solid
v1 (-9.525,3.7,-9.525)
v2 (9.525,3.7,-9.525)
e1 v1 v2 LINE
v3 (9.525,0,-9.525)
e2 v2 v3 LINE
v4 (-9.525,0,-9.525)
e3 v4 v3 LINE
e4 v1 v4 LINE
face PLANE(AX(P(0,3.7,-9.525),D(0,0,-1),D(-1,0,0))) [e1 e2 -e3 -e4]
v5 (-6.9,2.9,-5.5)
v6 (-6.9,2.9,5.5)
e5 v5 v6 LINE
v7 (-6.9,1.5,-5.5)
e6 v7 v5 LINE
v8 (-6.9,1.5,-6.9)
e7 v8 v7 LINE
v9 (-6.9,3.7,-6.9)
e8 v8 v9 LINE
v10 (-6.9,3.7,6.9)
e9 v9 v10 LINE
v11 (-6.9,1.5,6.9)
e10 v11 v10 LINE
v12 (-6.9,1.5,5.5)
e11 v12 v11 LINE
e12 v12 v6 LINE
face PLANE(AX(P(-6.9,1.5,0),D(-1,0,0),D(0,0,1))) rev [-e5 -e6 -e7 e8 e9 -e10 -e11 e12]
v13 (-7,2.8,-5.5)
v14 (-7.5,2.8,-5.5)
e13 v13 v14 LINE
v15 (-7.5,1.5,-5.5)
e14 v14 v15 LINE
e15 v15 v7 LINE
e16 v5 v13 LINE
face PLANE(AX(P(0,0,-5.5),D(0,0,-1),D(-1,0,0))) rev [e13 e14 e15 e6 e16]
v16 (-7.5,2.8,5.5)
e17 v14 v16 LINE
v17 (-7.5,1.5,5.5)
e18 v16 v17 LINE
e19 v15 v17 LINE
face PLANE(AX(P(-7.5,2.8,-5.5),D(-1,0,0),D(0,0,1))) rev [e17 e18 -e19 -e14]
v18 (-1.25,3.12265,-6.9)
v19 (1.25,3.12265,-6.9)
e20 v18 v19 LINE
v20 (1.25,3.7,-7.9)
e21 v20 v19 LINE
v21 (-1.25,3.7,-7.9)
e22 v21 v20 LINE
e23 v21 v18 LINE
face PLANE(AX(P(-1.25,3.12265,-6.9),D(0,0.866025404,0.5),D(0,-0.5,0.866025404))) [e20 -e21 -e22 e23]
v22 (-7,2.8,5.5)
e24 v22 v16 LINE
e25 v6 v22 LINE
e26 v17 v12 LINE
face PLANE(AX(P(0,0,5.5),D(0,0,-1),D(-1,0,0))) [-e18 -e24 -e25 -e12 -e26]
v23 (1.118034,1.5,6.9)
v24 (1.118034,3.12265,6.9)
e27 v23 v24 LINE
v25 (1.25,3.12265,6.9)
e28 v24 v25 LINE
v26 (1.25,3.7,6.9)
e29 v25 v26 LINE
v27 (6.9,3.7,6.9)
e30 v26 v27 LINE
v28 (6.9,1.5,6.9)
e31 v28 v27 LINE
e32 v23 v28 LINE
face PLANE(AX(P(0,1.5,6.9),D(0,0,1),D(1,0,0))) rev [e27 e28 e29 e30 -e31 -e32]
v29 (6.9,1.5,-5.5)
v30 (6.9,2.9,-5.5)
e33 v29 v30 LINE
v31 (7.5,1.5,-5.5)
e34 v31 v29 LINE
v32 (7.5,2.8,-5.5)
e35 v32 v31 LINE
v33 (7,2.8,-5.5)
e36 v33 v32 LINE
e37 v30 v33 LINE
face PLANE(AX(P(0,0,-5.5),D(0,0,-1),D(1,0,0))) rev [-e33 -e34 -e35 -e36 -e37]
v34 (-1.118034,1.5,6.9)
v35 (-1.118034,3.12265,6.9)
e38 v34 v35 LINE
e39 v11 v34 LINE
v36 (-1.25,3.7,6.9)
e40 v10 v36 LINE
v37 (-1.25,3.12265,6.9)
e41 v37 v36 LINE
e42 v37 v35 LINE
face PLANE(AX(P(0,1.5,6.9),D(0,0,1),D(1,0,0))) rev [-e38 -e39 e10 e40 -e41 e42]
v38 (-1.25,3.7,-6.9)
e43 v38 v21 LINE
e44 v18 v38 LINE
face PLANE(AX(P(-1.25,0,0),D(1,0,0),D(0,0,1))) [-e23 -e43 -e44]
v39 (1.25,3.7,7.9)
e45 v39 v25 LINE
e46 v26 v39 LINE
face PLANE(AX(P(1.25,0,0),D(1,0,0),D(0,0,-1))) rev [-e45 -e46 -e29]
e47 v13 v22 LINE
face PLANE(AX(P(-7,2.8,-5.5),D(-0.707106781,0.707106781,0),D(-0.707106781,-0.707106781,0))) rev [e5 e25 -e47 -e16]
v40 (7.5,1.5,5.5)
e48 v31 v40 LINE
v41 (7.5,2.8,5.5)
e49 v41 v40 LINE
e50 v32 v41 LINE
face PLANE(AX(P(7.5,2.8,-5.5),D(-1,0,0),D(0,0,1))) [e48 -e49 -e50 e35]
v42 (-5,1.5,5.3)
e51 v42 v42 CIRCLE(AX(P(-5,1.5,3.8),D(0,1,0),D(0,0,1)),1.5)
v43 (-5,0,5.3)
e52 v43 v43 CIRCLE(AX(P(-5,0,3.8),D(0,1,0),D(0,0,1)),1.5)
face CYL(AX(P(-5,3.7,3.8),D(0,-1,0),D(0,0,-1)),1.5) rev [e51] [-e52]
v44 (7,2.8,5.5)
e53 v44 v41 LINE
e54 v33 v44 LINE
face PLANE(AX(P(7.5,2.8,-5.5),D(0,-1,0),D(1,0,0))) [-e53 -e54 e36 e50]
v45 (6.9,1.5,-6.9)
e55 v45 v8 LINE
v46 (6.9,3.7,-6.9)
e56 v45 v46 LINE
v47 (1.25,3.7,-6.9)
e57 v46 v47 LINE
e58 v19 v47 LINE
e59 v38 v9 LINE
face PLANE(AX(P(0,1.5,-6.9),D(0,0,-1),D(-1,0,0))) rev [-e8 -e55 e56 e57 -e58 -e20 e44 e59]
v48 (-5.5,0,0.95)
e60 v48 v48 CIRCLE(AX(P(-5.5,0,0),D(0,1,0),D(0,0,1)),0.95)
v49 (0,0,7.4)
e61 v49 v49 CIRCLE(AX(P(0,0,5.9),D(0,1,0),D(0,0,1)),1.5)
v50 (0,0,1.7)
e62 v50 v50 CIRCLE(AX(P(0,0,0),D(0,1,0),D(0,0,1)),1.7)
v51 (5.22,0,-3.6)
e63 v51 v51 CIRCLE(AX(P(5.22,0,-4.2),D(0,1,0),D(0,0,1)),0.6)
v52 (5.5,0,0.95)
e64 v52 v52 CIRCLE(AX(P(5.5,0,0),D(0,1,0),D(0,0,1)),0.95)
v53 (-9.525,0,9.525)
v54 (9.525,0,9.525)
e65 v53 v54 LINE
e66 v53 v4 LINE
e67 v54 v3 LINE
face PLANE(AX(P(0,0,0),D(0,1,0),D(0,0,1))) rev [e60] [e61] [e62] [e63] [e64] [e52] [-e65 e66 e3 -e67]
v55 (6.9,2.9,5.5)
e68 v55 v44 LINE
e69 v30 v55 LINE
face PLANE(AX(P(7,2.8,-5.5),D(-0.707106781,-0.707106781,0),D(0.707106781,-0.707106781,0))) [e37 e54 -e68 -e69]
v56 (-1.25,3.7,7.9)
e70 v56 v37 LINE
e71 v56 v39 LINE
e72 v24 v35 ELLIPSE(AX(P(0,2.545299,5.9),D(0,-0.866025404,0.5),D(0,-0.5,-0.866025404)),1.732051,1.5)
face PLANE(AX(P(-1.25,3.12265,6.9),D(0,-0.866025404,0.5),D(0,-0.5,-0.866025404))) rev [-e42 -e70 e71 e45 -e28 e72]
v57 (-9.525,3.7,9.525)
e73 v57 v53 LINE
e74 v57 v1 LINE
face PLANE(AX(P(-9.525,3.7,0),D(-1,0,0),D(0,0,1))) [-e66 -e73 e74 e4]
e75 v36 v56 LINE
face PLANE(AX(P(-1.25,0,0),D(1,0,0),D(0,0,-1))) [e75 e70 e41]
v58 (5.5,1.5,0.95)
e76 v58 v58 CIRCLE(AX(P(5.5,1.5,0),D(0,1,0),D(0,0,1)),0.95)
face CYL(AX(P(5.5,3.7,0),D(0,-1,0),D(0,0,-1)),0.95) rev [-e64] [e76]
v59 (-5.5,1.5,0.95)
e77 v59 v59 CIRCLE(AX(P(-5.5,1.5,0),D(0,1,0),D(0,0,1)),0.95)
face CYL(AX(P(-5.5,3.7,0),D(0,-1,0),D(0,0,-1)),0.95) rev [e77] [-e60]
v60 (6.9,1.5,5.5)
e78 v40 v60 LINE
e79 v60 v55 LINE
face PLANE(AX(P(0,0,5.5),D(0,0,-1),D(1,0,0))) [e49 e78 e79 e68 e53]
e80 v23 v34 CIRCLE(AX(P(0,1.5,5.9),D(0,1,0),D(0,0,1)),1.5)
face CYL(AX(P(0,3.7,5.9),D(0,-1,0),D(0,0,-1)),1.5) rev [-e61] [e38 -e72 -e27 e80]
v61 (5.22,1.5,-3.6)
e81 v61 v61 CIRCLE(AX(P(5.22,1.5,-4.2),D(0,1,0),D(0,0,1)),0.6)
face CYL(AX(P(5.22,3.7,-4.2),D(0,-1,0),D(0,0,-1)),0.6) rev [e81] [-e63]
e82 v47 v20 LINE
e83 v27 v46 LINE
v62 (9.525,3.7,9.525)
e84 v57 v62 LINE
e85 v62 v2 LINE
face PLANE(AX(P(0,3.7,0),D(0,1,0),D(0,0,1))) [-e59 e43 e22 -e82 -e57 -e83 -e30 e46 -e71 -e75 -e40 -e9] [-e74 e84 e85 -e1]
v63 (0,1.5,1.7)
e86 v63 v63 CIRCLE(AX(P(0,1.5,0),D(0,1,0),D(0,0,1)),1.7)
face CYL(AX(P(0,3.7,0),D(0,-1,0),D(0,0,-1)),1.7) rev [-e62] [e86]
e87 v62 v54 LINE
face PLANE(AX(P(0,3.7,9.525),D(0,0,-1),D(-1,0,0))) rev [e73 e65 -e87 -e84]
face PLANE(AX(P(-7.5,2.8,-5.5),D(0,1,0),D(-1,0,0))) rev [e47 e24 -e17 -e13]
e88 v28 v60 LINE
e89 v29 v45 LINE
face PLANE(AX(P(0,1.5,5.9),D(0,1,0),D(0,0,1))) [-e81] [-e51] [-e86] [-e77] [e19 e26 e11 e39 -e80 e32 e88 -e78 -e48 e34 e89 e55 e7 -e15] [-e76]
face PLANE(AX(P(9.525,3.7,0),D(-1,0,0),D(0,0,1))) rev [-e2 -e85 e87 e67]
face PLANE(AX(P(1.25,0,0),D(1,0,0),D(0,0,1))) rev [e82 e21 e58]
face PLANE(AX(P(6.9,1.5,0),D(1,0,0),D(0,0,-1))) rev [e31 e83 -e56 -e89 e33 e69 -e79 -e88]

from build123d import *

# Parameters (mm, degrees)
SKETCH1_W           = 19.05
SKETCH1_H           = 19.05
SKETCH1_R           = 1.5
SKETCH1_R_2         = 0.95
SKETCH1_R_3         = 1.7
SKETCH1_R_4         = 0.6
BOSS_EXTRUDE1_DEPTH = 3.7
CUT_EXTRUDE1_START  = 3.7
SKETCH1_3_R         = 1.5
SKETCH1_3_R_2       = 0.95
SKETCH1_3_R_3       = 1.7
SKETCH1_3_R_4       = 0.6
CUT_EXTRUDE1_DEPTH  = 2.2
CUT_EXTRUDE2_DEPTH  = 1.25
CUT_EXTRUDE3_DEPTH  = 5.5


with BuildPart() as part:
    # Sketch1 → Boss-Extrude1 (new body)
    with BuildSketch(Plane(origin=(0, 0, 0), x_dir=(1, 0, 0), z_dir=(0, 1, 0))):
        Rectangle(SKETCH1_W, SKETCH1_H)
        with BuildLine():
            Line((-6.9, -6.9), (-6.9, 6.9))
            Line((-6.9, 6.9), (6.9, 6.9))
            Line((6.9, 6.9), (6.9, -6.9))
            Line((6.9, -6.9), (1.118033989, -6.9))
            ThreePointArc((1.118033989, -6.9), (0, -7.4), (-1.118033989, -6.9))
            Line((-1.118033989, -6.9), (-6.9, -6.9))
        make_face(mode=Mode.SUBTRACT)
        with BuildLine():
            Line((6.9, 6.9), (-6.9, 6.9))
            Line((-6.9, 6.9), (-6.9, -6.9))
            Line((-6.9, -6.9), (-1.118033989, -6.9))
            ThreePointArc((-1.118033989, -6.9), (-0.535233135, -4.498741462), (1.5, -5.9))
            ThreePointArc((1.5, -5.9), (1.401258538, -6.435233135), (1.118033989, -6.9))
            Line((1.118033989, -6.9), (6.9, -6.9))
            Line((6.9, -6.9), (6.9, 6.9))
        make_face()
        with Locations((-5, -3.8)):
            Circle(SKETCH1_R, mode=Mode.SUBTRACT)
        with Locations((5.5, 0)):
            Circle(SKETCH1_R_2, mode=Mode.SUBTRACT)
        with Locations((-5.5, 0)):
            Circle(SKETCH1_R_2, mode=Mode.SUBTRACT)
        Circle(SKETCH1_R_3, mode=Mode.SUBTRACT)
        with Locations((5.22, 4.2)):
            Circle(SKETCH1_R_4, mode=Mode.SUBTRACT)
    extrude(amount=BOSS_EXTRUDE1_DEPTH)

    # Sketch1<3> → Cut-Extrude1 (cut)
    with BuildSketch(Plane(origin=(0, 0, 0), x_dir=(1, 0, 0), z_dir=(0, 1, 0)).offset(CUT_EXTRUDE1_START)):
        with BuildLine():
            Line((6.9, 6.9), (-6.9, 6.9))
            Line((-6.9, 6.9), (-6.9, -6.9))
            Line((-6.9, -6.9), (-1.118033989, -6.9))
            ThreePointArc((-1.118033989, -6.9), (-0.535233135, -4.498741462), (1.5, -5.9))
            ThreePointArc((1.5, -5.9), (1.401258538, -6.435233135), (1.118033989, -6.9))
            Line((1.118033989, -6.9), (6.9, -6.9))
            Line((6.9, -6.9), (6.9, 6.9))
        make_face()
        with Locations((-5, -3.8)):
            Circle(SKETCH1_3_R, mode=Mode.SUBTRACT)
        with Locations((5.5, 0)):
            Circle(SKETCH1_3_R_2, mode=Mode.SUBTRACT)
        with Locations((-5.5, 0)):
            Circle(SKETCH1_3_R_2, mode=Mode.SUBTRACT)
        Circle(SKETCH1_3_R_3, mode=Mode.SUBTRACT)
        with Locations((5.22, 4.2)):
            Circle(SKETCH1_3_R_4, mode=Mode.SUBTRACT)
    extrude(amount=-CUT_EXTRUDE1_DEPTH, mode=Mode.SUBTRACT)

    # Sketch2 → Cut-Extrude2 (cut, symmetric)
    with BuildSketch(Plane(origin=(0, 0, 0), x_dir=(0, 0, -1), z_dir=(1, 0, 0))):
        Polygon((-7.9, 3.7), (-6.9, 3.7), (-6.9, 3.122649731), align=None)
    cut_extrude2 = extrude(amount=CUT_EXTRUDE2_DEPTH, both=True, mode=Mode.SUBTRACT)

    # Mirror1: Cut-Extrude2 across plane
    add(cut_extrude2.mirror(Plane.XY), mode=Mode.SUBTRACT)

    # Sketch4 → Cut-Extrude3 (cut, symmetric)
    with BuildSketch(Plane.XY):
        Polygon((-6.9, 2.9), (-6.9, 1.5), (-7.5, 1.5), (-7.5, 2.8), (-7, 2.8), align=None)
    cut_extrude3 = extrude(amount=CUT_EXTRUDE3_DEPTH, both=True, mode=Mode.SUBTRACT)

    # Mirror2: Cut-Extrude3 across plane
    add(cut_extrude3.mirror(Plane(origin=(0, 0, 0), x_dir=(0, 0, 1), z_dir=(1, 0, 0))), mode=Mode.SUBTRACT)


solid = part.part
